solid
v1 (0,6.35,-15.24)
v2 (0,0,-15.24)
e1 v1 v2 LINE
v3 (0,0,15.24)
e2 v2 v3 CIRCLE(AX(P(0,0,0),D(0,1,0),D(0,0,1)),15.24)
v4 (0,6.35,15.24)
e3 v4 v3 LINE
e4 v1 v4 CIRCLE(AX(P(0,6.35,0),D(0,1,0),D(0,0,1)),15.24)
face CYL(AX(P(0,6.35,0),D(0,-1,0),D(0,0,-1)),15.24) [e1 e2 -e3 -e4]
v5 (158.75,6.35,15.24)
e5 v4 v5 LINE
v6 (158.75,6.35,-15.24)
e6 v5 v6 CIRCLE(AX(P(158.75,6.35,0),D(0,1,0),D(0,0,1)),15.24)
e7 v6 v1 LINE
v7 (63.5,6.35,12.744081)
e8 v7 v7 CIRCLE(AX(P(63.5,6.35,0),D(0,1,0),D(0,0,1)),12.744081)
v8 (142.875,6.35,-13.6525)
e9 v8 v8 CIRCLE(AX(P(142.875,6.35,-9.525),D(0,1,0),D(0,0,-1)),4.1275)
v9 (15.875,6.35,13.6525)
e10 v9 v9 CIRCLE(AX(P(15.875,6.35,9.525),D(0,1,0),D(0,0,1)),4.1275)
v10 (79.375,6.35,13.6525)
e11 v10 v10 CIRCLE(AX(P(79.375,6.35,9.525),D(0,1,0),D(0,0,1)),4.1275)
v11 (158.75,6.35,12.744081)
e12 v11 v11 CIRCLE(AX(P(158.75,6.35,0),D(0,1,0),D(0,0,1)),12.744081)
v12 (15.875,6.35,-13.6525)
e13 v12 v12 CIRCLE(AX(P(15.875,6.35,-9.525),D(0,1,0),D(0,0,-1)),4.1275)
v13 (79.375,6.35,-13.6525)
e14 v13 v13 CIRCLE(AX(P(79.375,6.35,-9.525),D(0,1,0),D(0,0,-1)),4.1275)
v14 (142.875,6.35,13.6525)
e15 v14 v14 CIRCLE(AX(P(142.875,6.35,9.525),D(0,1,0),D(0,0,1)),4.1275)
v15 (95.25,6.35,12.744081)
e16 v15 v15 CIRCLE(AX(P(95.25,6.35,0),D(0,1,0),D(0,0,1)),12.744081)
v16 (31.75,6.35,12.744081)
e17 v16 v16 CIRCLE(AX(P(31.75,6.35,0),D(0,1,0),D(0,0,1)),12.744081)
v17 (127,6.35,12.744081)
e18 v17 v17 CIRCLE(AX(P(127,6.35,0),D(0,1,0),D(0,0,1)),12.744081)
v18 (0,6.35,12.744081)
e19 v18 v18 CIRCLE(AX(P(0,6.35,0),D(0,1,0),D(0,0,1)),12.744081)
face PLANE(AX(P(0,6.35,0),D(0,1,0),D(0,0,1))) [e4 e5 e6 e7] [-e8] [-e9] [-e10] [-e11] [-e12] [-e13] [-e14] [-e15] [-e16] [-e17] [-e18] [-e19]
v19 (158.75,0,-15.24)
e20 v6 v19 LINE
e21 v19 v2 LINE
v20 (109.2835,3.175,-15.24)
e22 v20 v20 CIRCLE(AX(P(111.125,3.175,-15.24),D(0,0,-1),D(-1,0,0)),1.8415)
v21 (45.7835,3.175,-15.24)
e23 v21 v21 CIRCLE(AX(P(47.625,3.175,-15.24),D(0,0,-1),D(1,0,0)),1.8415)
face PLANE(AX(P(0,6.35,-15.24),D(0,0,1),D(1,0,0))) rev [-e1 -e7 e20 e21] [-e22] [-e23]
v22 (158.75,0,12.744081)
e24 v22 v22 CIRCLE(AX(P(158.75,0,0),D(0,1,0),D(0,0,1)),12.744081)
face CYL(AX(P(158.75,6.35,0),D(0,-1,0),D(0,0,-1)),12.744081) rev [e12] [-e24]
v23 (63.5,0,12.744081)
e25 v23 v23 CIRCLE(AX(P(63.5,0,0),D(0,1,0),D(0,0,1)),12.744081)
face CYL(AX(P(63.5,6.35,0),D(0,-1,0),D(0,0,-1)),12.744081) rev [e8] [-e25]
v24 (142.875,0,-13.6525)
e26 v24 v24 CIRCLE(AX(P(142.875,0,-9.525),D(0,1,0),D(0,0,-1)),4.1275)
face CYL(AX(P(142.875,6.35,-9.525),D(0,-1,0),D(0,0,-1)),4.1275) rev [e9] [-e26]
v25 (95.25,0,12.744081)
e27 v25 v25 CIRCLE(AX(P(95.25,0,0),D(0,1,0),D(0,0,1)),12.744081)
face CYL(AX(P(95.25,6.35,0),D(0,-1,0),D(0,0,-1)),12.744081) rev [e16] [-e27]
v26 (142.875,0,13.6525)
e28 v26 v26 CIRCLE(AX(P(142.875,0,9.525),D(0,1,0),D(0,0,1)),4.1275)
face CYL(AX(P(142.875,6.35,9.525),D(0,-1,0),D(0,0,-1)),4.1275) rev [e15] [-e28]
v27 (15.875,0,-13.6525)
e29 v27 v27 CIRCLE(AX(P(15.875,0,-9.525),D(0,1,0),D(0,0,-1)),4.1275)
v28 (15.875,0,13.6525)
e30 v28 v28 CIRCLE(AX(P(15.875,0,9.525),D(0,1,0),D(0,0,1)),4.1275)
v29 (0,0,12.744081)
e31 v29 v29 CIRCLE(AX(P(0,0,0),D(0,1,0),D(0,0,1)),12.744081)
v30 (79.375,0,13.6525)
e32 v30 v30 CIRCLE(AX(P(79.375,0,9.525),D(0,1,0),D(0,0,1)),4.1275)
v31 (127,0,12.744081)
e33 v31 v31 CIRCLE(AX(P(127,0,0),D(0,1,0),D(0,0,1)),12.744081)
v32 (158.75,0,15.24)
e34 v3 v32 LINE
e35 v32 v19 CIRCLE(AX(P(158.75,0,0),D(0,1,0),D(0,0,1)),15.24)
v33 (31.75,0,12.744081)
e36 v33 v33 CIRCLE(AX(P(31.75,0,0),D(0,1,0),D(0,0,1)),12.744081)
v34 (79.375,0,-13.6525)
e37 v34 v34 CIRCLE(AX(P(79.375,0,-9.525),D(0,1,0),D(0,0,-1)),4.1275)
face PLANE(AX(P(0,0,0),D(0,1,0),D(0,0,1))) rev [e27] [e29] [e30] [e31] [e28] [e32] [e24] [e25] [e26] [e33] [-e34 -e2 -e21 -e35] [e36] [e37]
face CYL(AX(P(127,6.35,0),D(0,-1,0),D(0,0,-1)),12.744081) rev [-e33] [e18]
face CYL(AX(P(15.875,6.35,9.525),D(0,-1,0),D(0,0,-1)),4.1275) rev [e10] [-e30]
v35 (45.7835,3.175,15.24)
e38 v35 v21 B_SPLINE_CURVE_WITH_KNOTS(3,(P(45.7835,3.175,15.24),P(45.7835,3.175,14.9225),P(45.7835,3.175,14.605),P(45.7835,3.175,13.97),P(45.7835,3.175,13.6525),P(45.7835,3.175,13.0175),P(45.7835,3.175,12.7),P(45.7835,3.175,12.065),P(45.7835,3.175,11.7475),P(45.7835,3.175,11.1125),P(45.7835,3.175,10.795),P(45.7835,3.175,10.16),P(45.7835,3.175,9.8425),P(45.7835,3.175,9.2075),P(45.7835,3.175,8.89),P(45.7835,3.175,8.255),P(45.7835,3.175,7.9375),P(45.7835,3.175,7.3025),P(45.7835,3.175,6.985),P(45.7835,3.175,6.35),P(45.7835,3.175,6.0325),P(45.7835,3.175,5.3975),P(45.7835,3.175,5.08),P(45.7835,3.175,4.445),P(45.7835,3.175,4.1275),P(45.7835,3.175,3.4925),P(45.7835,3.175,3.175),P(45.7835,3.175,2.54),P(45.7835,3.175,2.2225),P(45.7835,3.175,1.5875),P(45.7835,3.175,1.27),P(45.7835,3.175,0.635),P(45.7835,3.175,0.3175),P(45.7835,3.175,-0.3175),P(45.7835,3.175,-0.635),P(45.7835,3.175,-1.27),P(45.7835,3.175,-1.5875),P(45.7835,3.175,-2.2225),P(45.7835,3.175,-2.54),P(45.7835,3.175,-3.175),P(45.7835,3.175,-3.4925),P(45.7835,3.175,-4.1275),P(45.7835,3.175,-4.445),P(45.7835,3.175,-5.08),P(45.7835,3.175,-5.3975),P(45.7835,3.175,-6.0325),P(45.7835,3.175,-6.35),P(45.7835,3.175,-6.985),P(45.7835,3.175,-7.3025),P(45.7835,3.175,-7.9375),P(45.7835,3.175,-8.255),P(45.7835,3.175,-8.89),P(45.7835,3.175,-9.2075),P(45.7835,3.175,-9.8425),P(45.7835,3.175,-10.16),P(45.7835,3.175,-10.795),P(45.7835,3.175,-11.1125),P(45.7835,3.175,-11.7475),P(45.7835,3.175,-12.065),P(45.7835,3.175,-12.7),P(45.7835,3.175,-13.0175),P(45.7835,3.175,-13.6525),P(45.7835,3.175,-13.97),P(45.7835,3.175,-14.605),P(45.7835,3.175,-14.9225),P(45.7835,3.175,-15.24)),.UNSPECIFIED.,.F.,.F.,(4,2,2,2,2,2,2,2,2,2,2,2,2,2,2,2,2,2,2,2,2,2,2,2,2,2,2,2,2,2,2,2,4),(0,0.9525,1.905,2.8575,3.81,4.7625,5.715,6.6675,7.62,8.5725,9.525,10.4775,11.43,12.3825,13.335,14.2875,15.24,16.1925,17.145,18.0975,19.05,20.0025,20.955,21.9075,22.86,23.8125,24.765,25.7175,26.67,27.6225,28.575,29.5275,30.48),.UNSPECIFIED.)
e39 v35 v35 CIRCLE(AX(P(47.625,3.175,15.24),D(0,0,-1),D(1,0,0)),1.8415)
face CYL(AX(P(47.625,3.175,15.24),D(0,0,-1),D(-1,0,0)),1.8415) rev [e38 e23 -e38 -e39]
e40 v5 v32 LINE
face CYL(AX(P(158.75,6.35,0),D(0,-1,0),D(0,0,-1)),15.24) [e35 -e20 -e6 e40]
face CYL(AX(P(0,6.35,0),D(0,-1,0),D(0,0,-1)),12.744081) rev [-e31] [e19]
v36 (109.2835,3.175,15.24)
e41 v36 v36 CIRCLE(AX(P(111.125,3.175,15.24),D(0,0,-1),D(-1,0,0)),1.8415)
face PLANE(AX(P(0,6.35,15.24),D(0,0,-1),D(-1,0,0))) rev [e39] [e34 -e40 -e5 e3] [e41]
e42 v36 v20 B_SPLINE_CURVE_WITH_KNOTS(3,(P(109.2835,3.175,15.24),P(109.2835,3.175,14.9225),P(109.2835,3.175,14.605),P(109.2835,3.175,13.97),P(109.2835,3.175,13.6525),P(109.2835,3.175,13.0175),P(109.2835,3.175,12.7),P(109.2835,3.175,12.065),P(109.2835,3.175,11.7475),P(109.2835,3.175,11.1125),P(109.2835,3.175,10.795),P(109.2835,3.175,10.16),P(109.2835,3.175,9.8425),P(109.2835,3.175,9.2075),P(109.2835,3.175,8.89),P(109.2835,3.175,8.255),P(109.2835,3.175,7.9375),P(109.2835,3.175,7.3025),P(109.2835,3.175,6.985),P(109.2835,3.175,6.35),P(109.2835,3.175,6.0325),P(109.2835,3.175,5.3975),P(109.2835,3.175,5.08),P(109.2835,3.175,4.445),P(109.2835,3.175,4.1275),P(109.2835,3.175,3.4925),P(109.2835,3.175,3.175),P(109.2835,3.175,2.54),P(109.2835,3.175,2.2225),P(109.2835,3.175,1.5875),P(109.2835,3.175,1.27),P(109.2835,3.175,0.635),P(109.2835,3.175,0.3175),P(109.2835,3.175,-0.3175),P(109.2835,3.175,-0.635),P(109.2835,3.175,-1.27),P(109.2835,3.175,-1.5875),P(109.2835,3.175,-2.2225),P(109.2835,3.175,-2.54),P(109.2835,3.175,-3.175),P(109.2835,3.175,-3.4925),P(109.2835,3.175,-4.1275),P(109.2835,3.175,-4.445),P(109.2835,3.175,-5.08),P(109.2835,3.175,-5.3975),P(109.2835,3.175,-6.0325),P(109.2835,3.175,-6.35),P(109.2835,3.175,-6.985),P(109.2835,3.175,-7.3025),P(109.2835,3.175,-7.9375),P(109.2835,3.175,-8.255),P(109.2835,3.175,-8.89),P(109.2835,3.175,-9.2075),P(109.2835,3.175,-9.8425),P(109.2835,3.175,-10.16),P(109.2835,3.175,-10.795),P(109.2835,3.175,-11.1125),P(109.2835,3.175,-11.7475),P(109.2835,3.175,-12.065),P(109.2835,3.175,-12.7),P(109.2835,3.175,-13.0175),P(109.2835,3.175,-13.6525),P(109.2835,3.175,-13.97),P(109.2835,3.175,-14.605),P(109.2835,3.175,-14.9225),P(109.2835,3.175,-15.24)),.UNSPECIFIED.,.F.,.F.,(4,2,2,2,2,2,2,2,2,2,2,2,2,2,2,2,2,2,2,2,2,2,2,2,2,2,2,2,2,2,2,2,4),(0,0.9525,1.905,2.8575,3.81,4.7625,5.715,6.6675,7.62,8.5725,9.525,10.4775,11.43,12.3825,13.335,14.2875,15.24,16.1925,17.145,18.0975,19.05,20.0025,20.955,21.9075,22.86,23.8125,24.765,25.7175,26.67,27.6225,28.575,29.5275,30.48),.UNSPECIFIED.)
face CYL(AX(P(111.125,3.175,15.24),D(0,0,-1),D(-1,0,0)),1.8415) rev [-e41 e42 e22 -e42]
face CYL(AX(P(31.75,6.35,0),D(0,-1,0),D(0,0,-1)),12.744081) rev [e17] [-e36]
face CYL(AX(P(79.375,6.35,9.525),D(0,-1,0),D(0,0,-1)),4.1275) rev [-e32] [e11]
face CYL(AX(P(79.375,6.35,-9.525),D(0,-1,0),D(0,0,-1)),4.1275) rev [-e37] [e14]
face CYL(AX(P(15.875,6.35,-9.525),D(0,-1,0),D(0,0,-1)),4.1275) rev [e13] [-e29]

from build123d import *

# Parameters (mm, degrees)
SKETCH1_R           = 12.74408056
SKETCH1_R_2         = 4.1275
BOSS_EXTRUDE1_DEPTH = 6.35
SKETCH2_R           = 1.8415
CUT_EXTRUDE1_DEPTH  = 177.753707175


with BuildPart() as part:
    # Sketch1 → Boss-Extrude1 (new body)
    with BuildSketch(Plane(origin=(0, 0, 0), x_dir=(1, 0, 0), z_dir=(0, 1, 0))):
        with BuildLine():
            Line((0, -15.24), (158.75, -15.24))
            ThreePointArc((158.75, -15.24), (173.99, 0), (158.75, 15.24))
            Line((158.75, 15.24), (0, 15.24))
            ThreePointArc((0, 15.24), (-15.24, 0), (0, -15.24))
        make_face()
        with Locations(Location((0, 0, 0), (0, 0, 270))):
            Circle(SKETCH1_R, mode=Mode.SUBTRACT)
        with Locations(Location((31.75, 0, 0), (0, 0, 270))):
            Circle(SKETCH1_R, mode=Mode.SUBTRACT)
        with Locations(Location((63.5, 0, 0), (0, 0, 270))):
            Circle(SKETCH1_R, mode=Mode.SUBTRACT)
        with Locations(Location((95.25, 0, 0), (0, 0, 270))):
            Circle(SKETCH1_R, mode=Mode.SUBTRACT)
        with Locations(Location((127, 0, 0), (0, 0, 270))):
            Circle(SKETCH1_R, mode=Mode.SUBTRACT)
        with Locations(Location((158.75, 0, 0), (0, 0, 270))):
            Circle(SKETCH1_R, mode=Mode.SUBTRACT)
        with Locations(Location((15.875, -9.525, 0), (0, 0, 270))):
            Circle(SKETCH1_R_2, mode=Mode.SUBTRACT)
        with Locations(Location((15.875, 9.525, 0), (0, 0, 90))):
            Circle(SKETCH1_R_2, mode=Mode.SUBTRACT)
        with Locations(Location((79.375, 9.525, 0), (0, 0, 90))):
            Circle(SKETCH1_R_2, mode=Mode.SUBTRACT)
        with Locations(Location((79.375, -9.525, 0), (0, 0, 270))):
            Circle(SKETCH1_R_2, mode=Mode.SUBTRACT)
        with Locations(Location((142.875, 9.525, 0), (0, 0, 90))):
            Circle(SKETCH1_R_2, mode=Mode.SUBTRACT)
        with Locations(Location((142.875, -9.525, 0), (0, 0, 270))):
            Circle(SKETCH1_R_2, mode=Mode.SUBTRACT)
    extrude(amount=BOSS_EXTRUDE1_DEPTH)

    # Sketch2 → Cut-Extrude1 (cut, through all)
    with BuildSketch(Plane(origin=(0, 0, -15.24), x_dir=(-1, 0, 0), z_dir=(0, 0, -1))):
        with Locations((-111.125, 3.175)):
            Circle(SKETCH2_R)
        with Locations((-47.625, 3.175)):
            Circle(SKETCH2_R)
    extrude(amount=-CUT_EXTRUDE1_DEPTH, mode=Mode.SUBTRACT)


solid = part.part
